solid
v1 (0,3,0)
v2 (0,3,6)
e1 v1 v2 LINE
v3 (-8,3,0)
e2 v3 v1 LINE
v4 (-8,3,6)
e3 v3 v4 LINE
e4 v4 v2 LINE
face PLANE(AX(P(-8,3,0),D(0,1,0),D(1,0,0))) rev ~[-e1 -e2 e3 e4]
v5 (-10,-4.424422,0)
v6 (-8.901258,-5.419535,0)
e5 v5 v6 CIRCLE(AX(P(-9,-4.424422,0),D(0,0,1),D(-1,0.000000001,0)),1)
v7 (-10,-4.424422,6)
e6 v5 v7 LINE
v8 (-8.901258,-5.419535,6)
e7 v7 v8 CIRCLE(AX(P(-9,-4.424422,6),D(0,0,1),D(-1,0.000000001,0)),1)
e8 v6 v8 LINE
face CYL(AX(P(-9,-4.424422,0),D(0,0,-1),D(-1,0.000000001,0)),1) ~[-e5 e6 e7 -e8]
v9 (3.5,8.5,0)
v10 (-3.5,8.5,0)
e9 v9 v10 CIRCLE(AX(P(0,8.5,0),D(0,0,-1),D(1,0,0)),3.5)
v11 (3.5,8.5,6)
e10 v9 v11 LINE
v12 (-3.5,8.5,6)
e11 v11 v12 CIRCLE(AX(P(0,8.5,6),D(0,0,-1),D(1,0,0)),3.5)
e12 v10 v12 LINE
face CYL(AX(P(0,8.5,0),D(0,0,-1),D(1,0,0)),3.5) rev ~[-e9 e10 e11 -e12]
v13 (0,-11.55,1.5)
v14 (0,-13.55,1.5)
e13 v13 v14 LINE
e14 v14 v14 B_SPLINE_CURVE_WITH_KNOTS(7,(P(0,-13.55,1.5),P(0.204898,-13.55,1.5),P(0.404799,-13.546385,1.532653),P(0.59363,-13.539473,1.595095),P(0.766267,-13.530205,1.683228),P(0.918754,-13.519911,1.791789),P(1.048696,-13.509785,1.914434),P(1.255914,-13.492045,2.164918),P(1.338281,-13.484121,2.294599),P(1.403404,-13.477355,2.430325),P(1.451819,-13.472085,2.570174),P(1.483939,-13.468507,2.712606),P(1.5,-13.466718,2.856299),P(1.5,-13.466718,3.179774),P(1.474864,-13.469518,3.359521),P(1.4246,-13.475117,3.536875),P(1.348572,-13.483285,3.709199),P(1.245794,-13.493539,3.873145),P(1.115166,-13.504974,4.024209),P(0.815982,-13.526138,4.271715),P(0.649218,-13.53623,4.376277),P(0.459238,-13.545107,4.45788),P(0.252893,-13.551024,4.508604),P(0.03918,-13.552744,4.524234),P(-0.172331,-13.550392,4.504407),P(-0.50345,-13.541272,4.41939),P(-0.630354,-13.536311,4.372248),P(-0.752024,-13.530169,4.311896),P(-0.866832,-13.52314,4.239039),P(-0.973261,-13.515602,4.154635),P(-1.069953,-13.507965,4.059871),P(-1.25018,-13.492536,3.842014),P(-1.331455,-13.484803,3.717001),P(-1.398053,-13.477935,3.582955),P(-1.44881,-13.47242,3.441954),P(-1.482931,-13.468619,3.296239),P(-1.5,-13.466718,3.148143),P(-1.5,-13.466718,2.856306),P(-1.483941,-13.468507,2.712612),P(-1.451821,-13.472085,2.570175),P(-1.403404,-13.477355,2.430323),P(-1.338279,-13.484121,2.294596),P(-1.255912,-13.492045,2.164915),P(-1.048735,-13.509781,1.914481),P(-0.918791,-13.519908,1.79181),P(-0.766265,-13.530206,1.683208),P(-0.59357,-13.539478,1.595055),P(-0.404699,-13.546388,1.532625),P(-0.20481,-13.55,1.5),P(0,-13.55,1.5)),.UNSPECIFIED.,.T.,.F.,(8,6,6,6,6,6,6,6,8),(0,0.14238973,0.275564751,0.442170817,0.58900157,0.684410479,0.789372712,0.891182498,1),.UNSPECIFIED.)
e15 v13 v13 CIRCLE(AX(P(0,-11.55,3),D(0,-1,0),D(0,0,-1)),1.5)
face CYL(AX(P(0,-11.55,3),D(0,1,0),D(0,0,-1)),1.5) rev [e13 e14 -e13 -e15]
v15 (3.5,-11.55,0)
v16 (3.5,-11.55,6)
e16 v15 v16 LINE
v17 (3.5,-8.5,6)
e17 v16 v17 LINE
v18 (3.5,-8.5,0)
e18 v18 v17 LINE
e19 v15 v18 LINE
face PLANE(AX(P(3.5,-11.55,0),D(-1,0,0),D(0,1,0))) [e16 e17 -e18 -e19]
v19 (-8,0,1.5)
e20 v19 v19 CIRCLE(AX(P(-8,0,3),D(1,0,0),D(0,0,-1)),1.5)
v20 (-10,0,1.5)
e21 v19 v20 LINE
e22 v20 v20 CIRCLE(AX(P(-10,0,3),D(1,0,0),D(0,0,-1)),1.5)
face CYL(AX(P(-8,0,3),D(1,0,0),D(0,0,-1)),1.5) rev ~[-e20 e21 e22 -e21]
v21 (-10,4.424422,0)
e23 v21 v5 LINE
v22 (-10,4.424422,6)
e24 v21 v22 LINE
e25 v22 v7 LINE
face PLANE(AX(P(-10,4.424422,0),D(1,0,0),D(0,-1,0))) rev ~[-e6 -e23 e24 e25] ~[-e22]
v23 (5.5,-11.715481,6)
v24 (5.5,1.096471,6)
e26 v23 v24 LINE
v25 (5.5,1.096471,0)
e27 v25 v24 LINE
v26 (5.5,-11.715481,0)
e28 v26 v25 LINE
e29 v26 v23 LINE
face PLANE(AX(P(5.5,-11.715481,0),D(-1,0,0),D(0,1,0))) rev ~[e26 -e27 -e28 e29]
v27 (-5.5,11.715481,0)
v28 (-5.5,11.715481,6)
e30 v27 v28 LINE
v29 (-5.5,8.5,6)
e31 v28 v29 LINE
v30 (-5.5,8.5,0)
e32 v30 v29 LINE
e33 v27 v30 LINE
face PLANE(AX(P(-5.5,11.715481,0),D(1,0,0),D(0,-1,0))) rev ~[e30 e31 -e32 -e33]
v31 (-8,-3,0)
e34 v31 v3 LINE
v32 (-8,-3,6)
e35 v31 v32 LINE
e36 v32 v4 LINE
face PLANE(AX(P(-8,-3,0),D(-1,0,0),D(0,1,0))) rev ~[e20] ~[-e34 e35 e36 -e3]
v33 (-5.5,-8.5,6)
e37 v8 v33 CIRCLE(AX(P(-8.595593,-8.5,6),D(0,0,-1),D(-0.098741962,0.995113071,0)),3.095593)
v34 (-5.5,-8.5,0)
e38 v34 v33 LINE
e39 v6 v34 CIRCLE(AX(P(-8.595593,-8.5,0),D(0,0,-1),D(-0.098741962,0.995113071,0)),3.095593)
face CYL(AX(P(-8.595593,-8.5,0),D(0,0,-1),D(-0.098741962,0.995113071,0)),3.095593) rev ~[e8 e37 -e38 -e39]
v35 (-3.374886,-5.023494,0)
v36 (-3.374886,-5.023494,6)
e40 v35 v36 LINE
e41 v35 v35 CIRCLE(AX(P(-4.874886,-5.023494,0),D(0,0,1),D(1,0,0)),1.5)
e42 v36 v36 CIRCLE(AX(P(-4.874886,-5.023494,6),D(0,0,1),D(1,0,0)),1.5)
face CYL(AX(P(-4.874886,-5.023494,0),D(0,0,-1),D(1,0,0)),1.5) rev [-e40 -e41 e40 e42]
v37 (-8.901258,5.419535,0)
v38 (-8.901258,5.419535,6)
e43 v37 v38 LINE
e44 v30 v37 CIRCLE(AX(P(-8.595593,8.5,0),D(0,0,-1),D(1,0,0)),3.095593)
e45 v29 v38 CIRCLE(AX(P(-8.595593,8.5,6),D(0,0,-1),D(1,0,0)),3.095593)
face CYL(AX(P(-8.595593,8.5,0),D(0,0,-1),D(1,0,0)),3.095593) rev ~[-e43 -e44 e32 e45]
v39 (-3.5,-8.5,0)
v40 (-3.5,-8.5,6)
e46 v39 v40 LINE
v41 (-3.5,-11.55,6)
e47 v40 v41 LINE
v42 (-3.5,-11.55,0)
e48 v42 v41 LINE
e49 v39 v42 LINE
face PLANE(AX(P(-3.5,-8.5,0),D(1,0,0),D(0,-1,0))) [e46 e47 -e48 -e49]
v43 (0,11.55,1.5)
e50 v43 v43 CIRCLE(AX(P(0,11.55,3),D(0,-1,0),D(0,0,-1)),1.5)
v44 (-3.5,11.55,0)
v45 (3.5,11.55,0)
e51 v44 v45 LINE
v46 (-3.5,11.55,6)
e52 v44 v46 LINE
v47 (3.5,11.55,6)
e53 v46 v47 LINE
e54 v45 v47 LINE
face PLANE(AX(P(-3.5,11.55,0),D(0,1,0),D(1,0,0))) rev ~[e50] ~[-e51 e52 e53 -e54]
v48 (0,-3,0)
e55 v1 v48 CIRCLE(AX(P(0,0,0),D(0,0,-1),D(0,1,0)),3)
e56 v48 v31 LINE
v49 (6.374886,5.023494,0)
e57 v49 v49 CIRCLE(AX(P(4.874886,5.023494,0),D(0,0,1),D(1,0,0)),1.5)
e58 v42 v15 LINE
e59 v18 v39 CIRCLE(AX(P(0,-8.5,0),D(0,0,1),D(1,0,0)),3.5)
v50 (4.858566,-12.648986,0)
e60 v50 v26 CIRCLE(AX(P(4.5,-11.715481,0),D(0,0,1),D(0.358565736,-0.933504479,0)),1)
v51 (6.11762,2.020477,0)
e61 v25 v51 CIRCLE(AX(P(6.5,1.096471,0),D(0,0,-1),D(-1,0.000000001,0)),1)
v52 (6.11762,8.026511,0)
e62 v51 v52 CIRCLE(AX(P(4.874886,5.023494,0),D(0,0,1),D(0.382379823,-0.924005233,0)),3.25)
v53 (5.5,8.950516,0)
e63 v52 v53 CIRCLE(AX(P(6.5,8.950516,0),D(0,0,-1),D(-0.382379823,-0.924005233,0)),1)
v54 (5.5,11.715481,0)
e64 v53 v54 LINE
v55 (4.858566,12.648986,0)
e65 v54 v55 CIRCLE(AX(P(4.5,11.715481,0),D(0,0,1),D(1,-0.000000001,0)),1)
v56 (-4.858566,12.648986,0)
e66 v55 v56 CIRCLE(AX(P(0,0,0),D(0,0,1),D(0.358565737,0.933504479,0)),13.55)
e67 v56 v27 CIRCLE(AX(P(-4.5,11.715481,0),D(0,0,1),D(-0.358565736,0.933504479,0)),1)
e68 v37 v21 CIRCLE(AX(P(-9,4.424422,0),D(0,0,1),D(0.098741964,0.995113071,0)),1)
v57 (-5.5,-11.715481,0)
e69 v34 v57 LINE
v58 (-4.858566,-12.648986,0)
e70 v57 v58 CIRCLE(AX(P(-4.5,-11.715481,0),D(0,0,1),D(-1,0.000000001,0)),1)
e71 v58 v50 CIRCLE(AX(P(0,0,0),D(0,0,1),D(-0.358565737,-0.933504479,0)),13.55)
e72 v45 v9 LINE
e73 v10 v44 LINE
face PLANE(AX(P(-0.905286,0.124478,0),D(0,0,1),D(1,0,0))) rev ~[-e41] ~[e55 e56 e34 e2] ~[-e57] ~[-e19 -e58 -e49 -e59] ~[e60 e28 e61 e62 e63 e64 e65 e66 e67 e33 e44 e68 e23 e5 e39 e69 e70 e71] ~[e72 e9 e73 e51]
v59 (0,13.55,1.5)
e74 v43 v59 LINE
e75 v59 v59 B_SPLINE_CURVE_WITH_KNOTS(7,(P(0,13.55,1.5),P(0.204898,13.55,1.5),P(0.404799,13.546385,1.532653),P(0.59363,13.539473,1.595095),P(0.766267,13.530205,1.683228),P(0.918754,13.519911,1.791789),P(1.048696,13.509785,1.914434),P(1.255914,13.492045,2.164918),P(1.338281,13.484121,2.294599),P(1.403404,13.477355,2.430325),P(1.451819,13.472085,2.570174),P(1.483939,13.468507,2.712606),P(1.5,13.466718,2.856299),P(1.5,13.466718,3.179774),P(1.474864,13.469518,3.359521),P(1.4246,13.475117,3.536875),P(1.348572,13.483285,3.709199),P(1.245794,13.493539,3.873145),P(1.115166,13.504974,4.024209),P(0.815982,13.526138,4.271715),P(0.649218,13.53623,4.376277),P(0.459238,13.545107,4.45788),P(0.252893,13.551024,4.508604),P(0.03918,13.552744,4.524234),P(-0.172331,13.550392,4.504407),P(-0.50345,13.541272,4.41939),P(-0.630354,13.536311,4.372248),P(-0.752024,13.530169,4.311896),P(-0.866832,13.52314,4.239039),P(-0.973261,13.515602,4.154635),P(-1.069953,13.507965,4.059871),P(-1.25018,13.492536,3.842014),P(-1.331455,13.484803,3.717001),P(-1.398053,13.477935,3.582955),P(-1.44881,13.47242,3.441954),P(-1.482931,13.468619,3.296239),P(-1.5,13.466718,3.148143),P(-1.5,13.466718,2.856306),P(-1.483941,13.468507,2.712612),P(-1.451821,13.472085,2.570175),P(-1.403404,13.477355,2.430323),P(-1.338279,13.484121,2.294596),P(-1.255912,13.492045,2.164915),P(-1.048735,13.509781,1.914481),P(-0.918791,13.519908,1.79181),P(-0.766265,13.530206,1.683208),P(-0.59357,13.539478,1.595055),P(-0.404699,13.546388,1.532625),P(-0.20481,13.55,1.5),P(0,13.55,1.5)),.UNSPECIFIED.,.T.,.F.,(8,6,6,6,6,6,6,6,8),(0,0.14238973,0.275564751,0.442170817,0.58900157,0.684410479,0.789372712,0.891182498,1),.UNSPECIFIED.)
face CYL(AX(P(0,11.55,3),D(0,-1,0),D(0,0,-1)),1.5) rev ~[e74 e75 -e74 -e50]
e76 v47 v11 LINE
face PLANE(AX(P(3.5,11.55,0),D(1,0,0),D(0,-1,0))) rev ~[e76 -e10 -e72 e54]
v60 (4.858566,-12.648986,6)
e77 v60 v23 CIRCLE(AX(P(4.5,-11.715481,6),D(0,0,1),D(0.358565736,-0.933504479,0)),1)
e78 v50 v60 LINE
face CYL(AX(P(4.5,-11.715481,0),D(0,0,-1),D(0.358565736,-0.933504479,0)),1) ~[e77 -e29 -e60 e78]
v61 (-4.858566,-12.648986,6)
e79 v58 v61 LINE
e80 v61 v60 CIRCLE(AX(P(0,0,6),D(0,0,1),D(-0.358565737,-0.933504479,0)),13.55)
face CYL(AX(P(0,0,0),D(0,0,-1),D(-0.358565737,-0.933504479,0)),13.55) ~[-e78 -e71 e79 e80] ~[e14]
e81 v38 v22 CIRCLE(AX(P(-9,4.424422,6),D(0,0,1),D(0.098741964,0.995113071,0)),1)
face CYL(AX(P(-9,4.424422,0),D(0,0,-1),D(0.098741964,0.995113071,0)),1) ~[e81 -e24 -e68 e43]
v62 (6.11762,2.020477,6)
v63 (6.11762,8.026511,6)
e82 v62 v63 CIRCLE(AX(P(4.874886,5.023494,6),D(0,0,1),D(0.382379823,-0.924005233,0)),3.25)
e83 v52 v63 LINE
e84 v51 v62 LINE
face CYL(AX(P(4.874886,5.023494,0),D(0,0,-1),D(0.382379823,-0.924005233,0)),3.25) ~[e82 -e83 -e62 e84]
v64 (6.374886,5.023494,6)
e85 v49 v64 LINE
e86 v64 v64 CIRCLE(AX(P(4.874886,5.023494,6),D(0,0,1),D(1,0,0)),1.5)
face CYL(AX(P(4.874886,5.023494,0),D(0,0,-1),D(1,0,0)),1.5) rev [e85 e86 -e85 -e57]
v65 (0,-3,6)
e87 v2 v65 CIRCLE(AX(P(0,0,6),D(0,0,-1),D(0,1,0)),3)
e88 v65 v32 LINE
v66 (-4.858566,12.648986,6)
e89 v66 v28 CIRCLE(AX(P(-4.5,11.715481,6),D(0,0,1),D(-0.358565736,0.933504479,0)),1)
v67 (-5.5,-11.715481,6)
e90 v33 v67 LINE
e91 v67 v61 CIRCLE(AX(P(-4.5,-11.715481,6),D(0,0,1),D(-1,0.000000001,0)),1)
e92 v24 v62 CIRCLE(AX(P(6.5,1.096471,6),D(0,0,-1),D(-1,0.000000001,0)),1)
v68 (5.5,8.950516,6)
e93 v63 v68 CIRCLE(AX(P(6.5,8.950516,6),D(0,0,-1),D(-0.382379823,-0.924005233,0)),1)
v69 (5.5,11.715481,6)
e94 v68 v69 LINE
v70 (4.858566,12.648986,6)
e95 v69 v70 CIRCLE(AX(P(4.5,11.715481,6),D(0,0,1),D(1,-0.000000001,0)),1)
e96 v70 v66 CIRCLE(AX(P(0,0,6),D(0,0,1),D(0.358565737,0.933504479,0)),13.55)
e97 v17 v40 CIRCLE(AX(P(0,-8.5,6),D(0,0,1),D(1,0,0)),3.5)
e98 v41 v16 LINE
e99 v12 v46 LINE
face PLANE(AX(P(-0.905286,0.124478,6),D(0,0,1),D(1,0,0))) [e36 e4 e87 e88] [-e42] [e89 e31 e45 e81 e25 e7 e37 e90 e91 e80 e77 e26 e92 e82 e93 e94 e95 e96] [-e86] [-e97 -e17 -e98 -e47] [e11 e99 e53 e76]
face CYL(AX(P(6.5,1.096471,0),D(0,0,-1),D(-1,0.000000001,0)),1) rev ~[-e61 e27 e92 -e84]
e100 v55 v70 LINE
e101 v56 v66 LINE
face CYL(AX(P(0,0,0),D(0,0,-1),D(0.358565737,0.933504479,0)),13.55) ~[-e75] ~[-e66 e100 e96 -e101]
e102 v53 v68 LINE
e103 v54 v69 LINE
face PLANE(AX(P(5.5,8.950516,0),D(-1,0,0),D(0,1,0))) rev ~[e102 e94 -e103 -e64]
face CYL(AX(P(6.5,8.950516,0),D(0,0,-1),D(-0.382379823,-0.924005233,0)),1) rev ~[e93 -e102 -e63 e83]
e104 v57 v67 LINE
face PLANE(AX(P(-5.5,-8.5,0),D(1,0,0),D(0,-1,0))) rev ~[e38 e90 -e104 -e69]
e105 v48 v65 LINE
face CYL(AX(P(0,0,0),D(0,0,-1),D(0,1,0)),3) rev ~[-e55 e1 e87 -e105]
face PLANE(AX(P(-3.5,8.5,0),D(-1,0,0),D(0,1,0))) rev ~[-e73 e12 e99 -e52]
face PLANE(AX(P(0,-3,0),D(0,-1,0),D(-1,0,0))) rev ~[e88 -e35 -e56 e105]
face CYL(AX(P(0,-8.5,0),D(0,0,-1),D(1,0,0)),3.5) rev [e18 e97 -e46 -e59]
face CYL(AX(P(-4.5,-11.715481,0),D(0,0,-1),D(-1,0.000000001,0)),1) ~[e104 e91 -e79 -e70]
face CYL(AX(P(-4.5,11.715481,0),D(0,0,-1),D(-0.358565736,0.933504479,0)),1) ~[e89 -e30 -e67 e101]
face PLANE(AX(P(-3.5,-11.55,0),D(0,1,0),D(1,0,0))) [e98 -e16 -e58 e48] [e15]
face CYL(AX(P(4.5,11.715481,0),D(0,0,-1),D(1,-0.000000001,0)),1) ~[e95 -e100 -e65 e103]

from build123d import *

# Parameters (mm, degrees)
ESQUISSE1_R             = 1.5
BOSS_EXTRU_1_DEPTH      = 6
ESQUISSE2_R             = 1.5
ENL_V_MAT_EXTRU_1_DEPTH = 28.676885663
ESQUISSE3_R             = 1.5
ENL_V_MAT_EXTRU_2_DEPTH = 22.90010149


with BuildPart() as part:
    # Esquisse1 → Boss.-Extru.1 (new body)
    with BuildSketch(Plane.XY):
        with BuildLine():
            Line((-10, 4.424421769), (-10, -4.424421769))
            ThreePointArc((-10, -4.424421769), (-9.671289073, -5.165617412), (-8.901258038, -5.41953484))
            ThreePointArc((-8.901258038, -5.41953484), (-6.517555279, -6.205559881), (-5.5, -8.5))
            Line((-5.5, -8.5), (-5.5, -11.715481211))
            ThreePointArc((-5.5, -11.715481211), (-5.324186186, -12.281800142), (-4.858565737, -12.64898569))
            ThreePointArc((-4.858565737, -12.64898569), (0, -13.55), (4.858565737, -12.64898569))
            ThreePointArc((4.858565737, -12.64898569), (5.324186186, -12.281800142), (5.5, -11.715481211))
            Line((5.5, -11.715481211), (5.5, 1.096471453))
            ThreePointArc((5.5, 1.096471453), (5.66862168, 1.65217829), (6.117620177, 2.020476687))
            ThreePointArc((6.117620177, 2.020476687), (8.124885753, 5.023493695), (6.117620177, 8.026510703))
            ThreePointArc((6.117620177, 8.026510703), (5.66862168, 8.394809099), (5.5, 8.950515936))
            Line((5.5, 8.950515936), (5.5, 11.715481211))
            ThreePointArc((5.5, 11.715481211), (5.324186186, 12.281800142), (4.858565737, 12.64898569))
            ThreePointArc((4.858565737, 12.64898569), (0, 13.55), (-4.858565737, 12.64898569))
            ThreePointArc((-4.858565737, 12.64898569), (-5.324186186, 12.281800142), (-5.5, 11.715481211))
            Line((-5.5, 11.715481211), (-5.5, 8.5))
            ThreePointArc((-5.5, 8.5), (-6.517555279, 6.205559881), (-8.901258038, 5.41953484))
            ThreePointArc((-8.901258038, 5.41953484), (-9.671289073, 5.165617412), (-10, 4.424421769))
        make_face()
        with Locations((-4.874885753, -5.023493695)):
            Circle(ESQUISSE1_R, mode=Mode.SUBTRACT)
        with Locations((4.874885753, 5.023493695)):
            Circle(ESQUISSE1_R, mode=Mode.SUBTRACT)
        with BuildLine():
            Line((-3.5, 11.55), (3.5, 11.55))
            Line((3.5, 11.55), (3.5, 8.5))
            ThreePointArc((3.5, 8.5), (0, 5), (-3.5, 8.5))
            Line((-3.5, 8.5), (-3.5, 11.55))
        make_face(mode=Mode.SUBTRACT)
        with BuildLine():
            Line((-3.5, -11.55), (3.5, -11.55))
            Line((3.5, -11.55), (3.5, -8.5))
            ThreePointArc((3.5, -8.5), (0, -5), (-3.5, -8.5))
            Line((-3.5, -8.5), (-3.5, -11.55))
        make_face(mode=Mode.SUBTRACT)
        with BuildLine():
            Line((0, -3), (-8, -3))
            Line((-8, -3), (-8, 3))
            Line((-8, 3), (0, 3))
            ThreePointArc((0, 3), (3, 0), (0, -3))
        make_face(mode=Mode.SUBTRACT)
    extrude(amount=BOSS_EXTRU_1_DEPTH)

    # Esquisse2 → Enlèv. mat.-Extru.1 (cut, through all)
    with BuildSketch(Plane.XZ.offset(-11.55)):
        with Locations(Location((0, 3, 0), (0, 0, 270))):
            Circle(ESQUISSE2_R)
    enl_v_mat_extru_1 = extrude(amount=-ENL_V_MAT_EXTRU_1_DEPTH, mode=Mode.SUBTRACT)

    # Symétrie1: Enlèv. mat.-Extru.1 across plane
    add(enl_v_mat_extru_1.mirror(Plane.ZX), mode=Mode.SUBTRACT)

    # Esquisse3 → Enlèv. mat.-Extru.2 (cut, through all)
    with BuildSketch(Plane(origin=(-8, 0, 0), x_dir=(0, 0, -1), z_dir=(1, 0, 0))):
        with Locations((-3, 0)):
            Circle(ESQUISSE3_R)
    extrude(amount=-ENL_V_MAT_EXTRU_2_DEPTH, mode=Mode.SUBTRACT)


solid = part.part
